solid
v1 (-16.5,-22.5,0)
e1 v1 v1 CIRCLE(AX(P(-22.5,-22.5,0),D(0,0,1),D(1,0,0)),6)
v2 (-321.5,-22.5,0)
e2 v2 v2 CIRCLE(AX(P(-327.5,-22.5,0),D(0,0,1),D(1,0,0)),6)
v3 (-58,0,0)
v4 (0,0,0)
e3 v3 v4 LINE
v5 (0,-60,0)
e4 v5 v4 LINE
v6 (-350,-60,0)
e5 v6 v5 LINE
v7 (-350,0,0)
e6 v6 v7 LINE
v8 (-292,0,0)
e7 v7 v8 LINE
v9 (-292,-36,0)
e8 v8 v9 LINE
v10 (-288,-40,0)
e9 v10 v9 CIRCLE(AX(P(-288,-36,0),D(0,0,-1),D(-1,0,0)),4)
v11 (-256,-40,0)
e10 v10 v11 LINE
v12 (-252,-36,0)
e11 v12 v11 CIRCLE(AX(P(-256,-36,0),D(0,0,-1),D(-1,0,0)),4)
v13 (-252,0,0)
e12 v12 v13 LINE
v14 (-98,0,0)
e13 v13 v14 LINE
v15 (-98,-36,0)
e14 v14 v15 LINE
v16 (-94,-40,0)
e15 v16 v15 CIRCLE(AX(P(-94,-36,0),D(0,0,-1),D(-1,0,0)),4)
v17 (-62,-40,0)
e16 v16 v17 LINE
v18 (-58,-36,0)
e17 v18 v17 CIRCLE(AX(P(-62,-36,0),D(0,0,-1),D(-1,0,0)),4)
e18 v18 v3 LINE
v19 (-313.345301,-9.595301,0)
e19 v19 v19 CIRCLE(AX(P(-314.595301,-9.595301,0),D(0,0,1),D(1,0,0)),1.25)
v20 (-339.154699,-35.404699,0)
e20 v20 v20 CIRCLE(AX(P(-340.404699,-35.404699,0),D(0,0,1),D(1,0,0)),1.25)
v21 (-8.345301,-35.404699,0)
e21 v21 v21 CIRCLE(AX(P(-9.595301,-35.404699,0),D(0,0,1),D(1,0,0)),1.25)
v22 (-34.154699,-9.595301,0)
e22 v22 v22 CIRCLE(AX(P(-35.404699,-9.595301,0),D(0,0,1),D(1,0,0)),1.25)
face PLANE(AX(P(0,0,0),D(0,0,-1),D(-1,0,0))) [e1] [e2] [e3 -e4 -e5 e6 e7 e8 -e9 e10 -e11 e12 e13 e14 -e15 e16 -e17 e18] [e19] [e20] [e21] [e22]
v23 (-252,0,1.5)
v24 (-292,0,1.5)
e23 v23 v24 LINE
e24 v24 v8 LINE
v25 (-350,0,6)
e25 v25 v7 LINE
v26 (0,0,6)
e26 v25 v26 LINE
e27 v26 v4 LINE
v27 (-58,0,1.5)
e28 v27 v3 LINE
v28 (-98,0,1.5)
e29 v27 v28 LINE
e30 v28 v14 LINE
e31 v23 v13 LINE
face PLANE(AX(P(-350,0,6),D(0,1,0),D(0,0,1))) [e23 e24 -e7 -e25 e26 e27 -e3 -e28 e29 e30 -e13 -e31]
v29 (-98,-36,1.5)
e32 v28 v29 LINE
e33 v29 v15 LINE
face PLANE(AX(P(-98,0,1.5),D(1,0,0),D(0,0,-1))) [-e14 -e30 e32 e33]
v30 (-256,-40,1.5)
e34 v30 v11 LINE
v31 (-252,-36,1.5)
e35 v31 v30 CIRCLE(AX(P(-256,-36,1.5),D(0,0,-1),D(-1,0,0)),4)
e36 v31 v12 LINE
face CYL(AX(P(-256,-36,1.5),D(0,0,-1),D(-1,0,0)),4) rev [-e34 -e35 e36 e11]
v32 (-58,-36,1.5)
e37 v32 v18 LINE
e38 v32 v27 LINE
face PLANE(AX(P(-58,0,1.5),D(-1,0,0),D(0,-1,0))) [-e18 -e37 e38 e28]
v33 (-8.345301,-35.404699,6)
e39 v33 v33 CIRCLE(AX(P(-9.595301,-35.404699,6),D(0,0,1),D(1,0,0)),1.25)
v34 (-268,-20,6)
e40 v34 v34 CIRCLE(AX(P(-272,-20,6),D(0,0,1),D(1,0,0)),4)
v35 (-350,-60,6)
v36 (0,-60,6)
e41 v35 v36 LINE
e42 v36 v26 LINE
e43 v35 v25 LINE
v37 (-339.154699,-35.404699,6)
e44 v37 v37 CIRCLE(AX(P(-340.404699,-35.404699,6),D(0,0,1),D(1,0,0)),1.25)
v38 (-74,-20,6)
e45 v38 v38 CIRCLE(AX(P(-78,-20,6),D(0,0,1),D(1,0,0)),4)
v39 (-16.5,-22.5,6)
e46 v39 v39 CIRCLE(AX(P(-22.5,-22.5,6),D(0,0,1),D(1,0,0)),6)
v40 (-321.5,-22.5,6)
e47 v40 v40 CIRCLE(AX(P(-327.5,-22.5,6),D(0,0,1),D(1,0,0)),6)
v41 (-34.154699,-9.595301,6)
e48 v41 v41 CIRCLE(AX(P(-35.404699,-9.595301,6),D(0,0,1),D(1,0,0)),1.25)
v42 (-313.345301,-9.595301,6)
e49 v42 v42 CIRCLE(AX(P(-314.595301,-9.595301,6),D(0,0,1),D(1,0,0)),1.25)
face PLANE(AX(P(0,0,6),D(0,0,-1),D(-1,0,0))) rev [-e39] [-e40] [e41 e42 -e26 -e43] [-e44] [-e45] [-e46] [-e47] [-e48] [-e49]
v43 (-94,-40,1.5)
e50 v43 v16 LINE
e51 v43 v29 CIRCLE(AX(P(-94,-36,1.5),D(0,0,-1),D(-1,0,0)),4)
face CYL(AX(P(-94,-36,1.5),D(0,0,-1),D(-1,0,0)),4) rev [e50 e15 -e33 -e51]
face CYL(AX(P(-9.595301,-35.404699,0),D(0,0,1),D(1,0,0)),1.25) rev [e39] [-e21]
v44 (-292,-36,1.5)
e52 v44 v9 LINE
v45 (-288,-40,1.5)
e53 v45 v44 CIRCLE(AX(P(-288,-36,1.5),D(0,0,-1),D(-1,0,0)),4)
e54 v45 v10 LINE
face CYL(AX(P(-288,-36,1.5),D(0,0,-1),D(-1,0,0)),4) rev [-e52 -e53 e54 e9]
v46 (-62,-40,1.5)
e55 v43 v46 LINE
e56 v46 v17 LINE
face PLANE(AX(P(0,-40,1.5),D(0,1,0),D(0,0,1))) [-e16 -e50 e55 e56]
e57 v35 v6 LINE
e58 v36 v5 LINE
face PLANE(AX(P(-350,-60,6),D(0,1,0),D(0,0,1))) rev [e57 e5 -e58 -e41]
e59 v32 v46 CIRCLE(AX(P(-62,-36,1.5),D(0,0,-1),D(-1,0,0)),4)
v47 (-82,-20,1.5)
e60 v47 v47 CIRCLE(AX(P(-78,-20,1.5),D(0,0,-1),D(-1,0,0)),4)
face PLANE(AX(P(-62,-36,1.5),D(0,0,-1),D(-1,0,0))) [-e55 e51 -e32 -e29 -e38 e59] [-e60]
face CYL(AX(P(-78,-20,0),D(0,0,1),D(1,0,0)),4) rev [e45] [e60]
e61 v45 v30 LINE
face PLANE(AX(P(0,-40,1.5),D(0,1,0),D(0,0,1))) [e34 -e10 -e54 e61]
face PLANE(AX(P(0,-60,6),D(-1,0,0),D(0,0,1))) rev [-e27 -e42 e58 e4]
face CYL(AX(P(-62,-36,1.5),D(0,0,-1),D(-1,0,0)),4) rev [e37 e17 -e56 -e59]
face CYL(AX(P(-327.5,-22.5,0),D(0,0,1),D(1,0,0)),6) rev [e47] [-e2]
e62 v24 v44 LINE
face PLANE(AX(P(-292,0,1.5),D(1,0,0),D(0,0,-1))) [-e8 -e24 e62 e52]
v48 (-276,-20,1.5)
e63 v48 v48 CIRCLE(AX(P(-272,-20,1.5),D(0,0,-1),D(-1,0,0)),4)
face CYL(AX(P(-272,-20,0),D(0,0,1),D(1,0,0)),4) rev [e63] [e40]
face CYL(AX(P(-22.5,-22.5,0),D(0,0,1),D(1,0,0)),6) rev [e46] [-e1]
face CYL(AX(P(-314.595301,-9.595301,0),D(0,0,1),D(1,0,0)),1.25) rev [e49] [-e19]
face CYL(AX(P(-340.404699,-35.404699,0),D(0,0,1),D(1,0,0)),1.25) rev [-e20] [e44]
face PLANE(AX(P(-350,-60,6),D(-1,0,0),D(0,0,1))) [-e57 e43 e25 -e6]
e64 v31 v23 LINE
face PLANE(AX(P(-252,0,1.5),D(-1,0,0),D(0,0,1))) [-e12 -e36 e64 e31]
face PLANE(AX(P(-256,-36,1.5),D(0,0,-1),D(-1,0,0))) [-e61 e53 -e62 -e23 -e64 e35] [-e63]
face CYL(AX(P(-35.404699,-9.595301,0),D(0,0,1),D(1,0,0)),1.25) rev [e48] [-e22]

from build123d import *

# Parameters (mm, degrees)
CROQUIS1_W              = 350
CROQUIS1_H              = 60
SALIENTE_EXTRUIR1_DEPTH = 6
CROQUIS2_R              = 6
CROQUIS2_R_2            = 1.25
CORTAR_EXTRUIR1_DEPTH   = 7
CORTAR_EXTRUIR4_DEPTH   = 1.5
CROQUIS4_R              = 4
CORTAR_EXTRUIR5_DEPTH   = 7


with BuildPart() as part:
    # Croquis1 → Saliente-Extruir1 (new body)
    with BuildSketch(Plane.XY):
        with Locations((-175, -30)):
            Rectangle(CROQUIS1_W, CROQUIS1_H)
    extrude(amount=SALIENTE_EXTRUIR1_DEPTH)

    # Croquis2 → Cortar-Extruir1 (cut, through all)
    with BuildSketch(Plane.XY.offset(6)):
        with Locations((-327.5, -22.5)):
            Circle(CROQUIS2_R)
        with Locations((-22.5, -22.5)):
            Circle(CROQUIS2_R)
        with Locations((-314.595301243, -9.595301243)):
            Circle(CROQUIS2_R_2)
        with Locations((-340.404698757, -35.404698757)):
            Circle(CROQUIS2_R_2)
        with Locations((-35.404698757, -9.595301243)):
            Circle(CROQUIS2_R_2)
        with Locations((-9.595301243, -35.404698757)):
            Circle(CROQUIS2_R_2)
    extrude(amount=-CORTAR_EXTRUIR1_DEPTH, mode=Mode.SUBTRACT)

    # Croquis3 → Cortar-Extruir4 (cut)
    with BuildSketch(Plane.XY):
        with BuildLine():
            Line((-98, 0), (-58, 0))
            Line((-58, 0), (-58, -36))
            ThreePointArc((-58, -36), (-59.171572875, -38.828427125), (-62, -40))
            Line((-62, -40), (-94, -40))
            ThreePointArc((-94, -40), (-96.828427125, -38.828427125), (-98, -36))
            Line((-98, -36), (-98, 0))
        make_face()
        with BuildLine():
            Line((-292, 0), (-252, 0))
            Line((-252, 0), (-252, -36))
            ThreePointArc((-252, -36), (-253.171572875, -38.828427125), (-256, -40))
            Line((-256, -40), (-288, -40))
            ThreePointArc((-288, -40), (-290.828427125, -38.828427125), (-292, -36))
            Line((-292, -36), (-292, 0))
        make_face()
    extrude(amount=CORTAR_EXTRUIR4_DEPTH, mode=Mode.SUBTRACT)

    # Croquis4 → Cortar-Extruir5 (cut, through all)
    with BuildSketch(Plane.XY.offset(6)):
        with Locations((-272, -20)):
            Circle(CROQUIS4_R)
        with Locations((-78, -20)):
            Circle(CROQUIS4_R)
    extrude(amount=-CORTAR_EXTRUIR5_DEPTH, mode=Mode.SUBTRACT)


solid = part.part
